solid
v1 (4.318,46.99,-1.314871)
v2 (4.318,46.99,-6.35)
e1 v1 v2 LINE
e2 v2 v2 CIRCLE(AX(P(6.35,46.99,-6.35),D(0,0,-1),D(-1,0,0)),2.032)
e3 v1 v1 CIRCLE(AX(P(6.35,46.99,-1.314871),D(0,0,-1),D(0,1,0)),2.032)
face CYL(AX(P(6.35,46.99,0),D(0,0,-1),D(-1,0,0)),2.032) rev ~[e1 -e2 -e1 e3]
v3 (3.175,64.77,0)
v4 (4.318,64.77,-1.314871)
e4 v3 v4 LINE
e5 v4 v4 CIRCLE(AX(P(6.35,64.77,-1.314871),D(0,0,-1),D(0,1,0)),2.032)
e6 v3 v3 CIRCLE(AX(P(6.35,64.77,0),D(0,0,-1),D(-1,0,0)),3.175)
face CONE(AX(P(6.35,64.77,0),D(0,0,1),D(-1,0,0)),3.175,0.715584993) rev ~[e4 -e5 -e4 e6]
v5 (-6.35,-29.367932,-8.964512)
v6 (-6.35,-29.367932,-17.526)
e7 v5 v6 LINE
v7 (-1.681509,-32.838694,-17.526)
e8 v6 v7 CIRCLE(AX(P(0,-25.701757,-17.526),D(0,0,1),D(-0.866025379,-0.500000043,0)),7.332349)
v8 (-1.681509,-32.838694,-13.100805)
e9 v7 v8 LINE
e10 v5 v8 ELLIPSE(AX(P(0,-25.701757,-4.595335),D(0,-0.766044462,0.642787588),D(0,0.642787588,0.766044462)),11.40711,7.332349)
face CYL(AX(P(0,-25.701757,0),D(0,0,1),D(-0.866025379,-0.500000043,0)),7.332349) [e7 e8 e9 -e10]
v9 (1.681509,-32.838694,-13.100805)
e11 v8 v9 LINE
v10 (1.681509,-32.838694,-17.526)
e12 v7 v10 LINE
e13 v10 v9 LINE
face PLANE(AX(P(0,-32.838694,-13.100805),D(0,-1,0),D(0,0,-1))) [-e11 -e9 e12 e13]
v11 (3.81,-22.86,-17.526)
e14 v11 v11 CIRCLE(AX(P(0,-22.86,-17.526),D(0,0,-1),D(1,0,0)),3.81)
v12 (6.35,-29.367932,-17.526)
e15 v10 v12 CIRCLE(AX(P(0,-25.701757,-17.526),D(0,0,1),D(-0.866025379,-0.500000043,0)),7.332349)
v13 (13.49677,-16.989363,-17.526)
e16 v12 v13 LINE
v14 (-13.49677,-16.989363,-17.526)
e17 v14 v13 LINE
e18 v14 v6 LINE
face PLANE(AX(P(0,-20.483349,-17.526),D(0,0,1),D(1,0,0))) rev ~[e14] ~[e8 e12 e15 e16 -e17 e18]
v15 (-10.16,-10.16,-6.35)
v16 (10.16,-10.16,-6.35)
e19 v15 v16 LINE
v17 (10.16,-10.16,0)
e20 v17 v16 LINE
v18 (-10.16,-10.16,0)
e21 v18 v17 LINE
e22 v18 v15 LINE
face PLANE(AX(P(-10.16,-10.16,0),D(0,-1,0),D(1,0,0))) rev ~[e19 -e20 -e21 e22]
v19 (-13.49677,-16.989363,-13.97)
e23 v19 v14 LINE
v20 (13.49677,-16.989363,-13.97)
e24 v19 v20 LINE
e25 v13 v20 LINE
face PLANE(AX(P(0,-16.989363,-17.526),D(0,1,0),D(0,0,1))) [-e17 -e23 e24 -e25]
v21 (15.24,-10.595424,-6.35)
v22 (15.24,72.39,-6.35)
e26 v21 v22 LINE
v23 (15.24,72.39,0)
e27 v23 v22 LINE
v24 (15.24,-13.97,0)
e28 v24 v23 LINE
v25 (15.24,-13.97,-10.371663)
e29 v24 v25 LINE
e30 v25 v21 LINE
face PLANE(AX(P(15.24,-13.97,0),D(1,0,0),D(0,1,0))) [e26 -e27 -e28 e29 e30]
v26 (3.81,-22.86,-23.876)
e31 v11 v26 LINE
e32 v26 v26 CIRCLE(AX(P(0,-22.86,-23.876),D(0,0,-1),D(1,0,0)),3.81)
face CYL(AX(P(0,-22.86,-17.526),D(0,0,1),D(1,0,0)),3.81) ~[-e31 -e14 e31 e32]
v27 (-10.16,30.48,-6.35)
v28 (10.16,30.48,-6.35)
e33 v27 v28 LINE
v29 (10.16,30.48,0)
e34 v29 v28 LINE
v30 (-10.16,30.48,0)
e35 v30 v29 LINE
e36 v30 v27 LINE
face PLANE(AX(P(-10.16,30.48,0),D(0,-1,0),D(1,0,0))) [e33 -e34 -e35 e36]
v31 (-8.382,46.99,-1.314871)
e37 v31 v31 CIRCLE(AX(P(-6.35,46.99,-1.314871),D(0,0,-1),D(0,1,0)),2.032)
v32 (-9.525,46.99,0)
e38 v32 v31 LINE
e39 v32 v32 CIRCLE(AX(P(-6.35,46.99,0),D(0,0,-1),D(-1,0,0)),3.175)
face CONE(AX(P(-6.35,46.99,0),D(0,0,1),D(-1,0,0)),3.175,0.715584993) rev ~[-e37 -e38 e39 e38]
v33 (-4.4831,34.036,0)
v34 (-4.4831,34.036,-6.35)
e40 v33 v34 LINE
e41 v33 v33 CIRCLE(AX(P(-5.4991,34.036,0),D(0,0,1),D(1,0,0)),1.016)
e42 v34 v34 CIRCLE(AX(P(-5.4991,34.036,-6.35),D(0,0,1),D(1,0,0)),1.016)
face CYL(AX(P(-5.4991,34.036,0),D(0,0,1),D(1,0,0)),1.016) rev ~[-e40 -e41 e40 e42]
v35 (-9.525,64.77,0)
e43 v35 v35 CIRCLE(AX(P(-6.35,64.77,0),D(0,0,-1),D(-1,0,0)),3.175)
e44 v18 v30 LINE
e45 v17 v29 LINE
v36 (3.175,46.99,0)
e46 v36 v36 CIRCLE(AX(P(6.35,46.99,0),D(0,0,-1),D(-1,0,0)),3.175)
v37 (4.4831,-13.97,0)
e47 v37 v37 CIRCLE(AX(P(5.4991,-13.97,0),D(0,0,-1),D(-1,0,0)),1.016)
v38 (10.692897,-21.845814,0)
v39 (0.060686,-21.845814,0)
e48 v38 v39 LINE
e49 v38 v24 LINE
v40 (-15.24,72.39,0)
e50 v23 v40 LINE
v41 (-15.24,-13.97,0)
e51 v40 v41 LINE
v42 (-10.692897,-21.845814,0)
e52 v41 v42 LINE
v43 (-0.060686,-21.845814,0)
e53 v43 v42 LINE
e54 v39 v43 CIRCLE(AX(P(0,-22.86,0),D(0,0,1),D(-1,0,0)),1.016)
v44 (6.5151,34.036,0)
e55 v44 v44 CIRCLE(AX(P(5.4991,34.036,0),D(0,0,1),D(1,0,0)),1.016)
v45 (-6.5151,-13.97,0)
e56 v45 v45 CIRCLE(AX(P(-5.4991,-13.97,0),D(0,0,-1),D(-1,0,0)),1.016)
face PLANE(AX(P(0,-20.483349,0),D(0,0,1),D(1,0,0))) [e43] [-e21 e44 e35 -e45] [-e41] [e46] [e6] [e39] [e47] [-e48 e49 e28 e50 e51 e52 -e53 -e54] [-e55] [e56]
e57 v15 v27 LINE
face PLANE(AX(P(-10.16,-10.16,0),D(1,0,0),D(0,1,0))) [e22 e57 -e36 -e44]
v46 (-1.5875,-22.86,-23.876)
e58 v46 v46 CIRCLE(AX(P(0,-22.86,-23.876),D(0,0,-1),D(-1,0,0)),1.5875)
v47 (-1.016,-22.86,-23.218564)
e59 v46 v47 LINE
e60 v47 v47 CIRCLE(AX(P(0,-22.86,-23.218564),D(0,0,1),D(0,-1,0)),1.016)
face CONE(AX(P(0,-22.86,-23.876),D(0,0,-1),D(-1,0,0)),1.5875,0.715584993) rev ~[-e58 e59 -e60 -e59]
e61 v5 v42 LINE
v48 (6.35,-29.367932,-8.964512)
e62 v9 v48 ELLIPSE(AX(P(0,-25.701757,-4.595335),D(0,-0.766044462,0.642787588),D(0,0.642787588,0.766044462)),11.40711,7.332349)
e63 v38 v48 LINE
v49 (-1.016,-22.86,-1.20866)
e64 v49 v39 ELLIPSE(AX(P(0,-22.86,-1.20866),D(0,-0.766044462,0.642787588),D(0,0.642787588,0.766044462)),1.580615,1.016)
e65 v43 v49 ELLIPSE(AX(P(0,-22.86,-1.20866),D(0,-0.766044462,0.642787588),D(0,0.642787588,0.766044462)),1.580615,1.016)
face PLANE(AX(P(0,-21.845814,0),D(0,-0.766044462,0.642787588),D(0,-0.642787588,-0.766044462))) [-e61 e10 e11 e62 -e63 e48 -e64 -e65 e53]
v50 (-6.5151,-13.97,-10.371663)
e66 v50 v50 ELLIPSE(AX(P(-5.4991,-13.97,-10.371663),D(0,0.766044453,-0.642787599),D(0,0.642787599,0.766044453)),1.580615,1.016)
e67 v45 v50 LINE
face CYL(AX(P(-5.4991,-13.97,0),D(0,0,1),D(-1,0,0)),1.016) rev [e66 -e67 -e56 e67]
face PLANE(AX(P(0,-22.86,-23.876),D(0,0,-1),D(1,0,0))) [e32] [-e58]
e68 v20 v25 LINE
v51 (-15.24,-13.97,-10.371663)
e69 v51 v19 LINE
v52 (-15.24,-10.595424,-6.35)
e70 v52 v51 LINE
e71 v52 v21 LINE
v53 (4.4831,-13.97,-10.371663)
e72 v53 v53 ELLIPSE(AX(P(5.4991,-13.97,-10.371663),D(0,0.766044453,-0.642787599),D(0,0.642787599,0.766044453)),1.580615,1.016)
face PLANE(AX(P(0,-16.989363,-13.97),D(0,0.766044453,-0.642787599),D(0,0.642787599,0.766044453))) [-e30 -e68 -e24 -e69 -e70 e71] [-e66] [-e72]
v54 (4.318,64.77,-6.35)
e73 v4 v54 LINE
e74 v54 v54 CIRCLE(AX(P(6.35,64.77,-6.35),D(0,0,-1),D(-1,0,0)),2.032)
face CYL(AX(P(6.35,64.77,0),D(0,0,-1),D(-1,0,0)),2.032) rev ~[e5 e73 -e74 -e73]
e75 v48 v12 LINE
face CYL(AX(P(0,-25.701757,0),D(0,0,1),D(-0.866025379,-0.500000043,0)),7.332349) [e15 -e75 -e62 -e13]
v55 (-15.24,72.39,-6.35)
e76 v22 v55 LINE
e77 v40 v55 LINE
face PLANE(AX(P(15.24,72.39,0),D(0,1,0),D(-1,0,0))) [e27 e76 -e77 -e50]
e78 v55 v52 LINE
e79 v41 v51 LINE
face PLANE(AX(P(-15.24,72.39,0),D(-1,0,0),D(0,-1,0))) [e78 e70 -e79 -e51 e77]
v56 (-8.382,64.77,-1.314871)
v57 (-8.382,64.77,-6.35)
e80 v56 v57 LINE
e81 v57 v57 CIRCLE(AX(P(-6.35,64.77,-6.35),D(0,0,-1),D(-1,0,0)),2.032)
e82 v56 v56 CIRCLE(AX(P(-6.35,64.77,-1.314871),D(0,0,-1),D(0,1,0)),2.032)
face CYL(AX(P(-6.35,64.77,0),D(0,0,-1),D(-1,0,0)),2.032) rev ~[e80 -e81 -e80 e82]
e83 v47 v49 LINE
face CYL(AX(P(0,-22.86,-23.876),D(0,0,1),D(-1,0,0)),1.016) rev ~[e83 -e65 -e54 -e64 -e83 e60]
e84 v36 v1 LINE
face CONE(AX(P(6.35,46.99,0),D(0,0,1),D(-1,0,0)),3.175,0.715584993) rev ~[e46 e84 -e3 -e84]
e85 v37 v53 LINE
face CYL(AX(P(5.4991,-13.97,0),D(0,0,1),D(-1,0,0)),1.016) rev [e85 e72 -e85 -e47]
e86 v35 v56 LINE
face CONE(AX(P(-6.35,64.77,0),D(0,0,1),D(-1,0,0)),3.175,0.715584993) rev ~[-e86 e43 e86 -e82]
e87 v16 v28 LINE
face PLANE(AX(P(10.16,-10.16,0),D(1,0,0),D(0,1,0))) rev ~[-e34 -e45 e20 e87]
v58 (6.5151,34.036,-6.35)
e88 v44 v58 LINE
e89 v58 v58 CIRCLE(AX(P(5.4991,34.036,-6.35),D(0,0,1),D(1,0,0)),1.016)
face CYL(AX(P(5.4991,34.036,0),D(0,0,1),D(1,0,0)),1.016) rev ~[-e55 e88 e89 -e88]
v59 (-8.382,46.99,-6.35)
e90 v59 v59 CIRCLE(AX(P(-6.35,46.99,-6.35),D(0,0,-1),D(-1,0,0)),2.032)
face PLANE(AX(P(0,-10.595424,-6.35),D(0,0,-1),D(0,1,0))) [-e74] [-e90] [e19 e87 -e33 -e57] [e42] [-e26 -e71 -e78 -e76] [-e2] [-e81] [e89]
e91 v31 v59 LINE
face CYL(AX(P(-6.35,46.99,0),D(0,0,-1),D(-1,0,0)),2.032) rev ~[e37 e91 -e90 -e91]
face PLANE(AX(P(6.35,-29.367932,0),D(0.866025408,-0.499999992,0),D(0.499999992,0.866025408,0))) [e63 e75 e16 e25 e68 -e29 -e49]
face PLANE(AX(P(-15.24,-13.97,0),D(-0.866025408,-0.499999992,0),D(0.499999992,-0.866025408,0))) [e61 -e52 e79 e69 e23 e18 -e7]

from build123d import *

# Parameters (mm, degrees)
F0_W           = 20.32
F0_H           = 40.64
F0_R           = 1.016
F0_W_2         = 15.24
F0_H_2         = 31.75
F2_DEPTH       = 17.526
F1_W           = 43.174938
F1_H           = 6.35
F3_DEPTH       = 127
F4_R           = 3.81
F5_DEPTH       = 6.35
F7_D           = 2.032
F7_CSINK_D     = 3.175
F7_CSINK_ANGLE = 82
F8_D           = 4.064
F8_CSINK_D     = 6.35
F8_CSINK_ANGLE = 82


with BuildPart() as f2:
    # F0 (on Top) → F2 (new body, through all)
    with BuildSketch(Plane.XY):
        with BuildLine():
            Line((6.35, -29.367932), (15.24, -13.97))
            Line((15.24, -13.97), (6.5151, -13.97))
            ThreePointArc((6.5151, -13.97), (5.4991, -14.986), (4.4831, -13.97))
            Line((4.4831, -13.97), (-4.4831, -13.97))
            ThreePointArc((-4.4831, -13.97), (-5.4991, -14.986), (-6.5151, -13.97))
            Line((-6.5151, -13.97), (-15.24, -13.97))
            Line((-15.24, -13.97), (-6.35, -29.367932))
            ThreePointArc((-6.35, -29.367932), (0, -33.034106), (6.35, -29.367932))
        make_face()
        with BuildLine():
            Line((6.5151, -13.97), (15.24, -13.97))
            Line((15.24, -13.97), (15.24, 40.64))
            Line((15.24, 40.64), (0, 40.64))
            Line((0, 40.64), (-15.24, 40.64))
            Line((-15.24, 40.64), (-15.24, -13.97))
            Line((-15.24, -13.97), (-6.5151, -13.97))
            ThreePointArc((-6.5151, -13.97), (-5.4991, -12.954), (-4.4831, -13.97))
            Line((-4.4831, -13.97), (4.4831, -13.97))
            ThreePointArc((4.4831, -13.97), (5.4991, -12.954), (6.5151, -13.97))
        make_face()
        with Locations((0, 10.16)):
            Rectangle(F0_W, F0_H, mode=Mode.SUBTRACT)
        with Locations((-5.4991, 34.036)):
            Circle(F0_R, mode=Mode.SUBTRACT)
        with Locations((5.4991, 34.036)):
            Circle(F0_R, mode=Mode.SUBTRACT)
        with Locations((7.62, 56.515)):
            Rectangle(F0_W_2, F0_H_2)
        with Locations((-7.62, 56.515)):
            Rectangle(F0_W_2, F0_H_2)
    extrude(amount=-F2_DEPTH)

    # F1 (on Right) → F3 (intersect, symmetric)
    with BuildSketch(Plane.YZ):
        Polygon((40.64, -6.35), (40.64, 0), (-21.845814, 0), (-32.838694, -13.100805), (-32.838694, -13.97), (-32.838694, -17.526), (-16.989363, -17.526), (-16.989363, -13.97), (-10.595424, -6.35), align=None)
        with Locations((62.227469, -3.175)):
            Rectangle(F1_W, F1_H)
    extrude(amount=F3_DEPTH, both=True, mode=Mode.INTERSECT)

    # F4 (on face) → F5 (join)
    with BuildSketch(Plane(origin=(0, 0, -17.526), x_dir=(1, 0, 0), z_dir=(0, 0, -1))):
        with Locations((0, 22.86)):
            Circle(F4_R)
    extrude(amount=F5_DEPTH)

    # F7 (through all)
    with Locations(Plane(origin=(0, 0, -23.876), x_dir=(1, 0, 0), z_dir=(0, 0, -1))):
        with Locations((0, 22.86)):
            CounterSinkHole(F7_D / 2, F7_CSINK_D / 2, counter_sink_angle=F7_CSINK_ANGLE)

    # F8 (through all)
    with Locations(Plane.XY):
        with Locations((6.35, 46.99), (-6.35, 46.99), (-6.35, 64.77), (6.35, 64.77)):
            CounterSinkHole(F8_D / 2, F8_CSINK_D / 2, counter_sink_angle=F8_CSINK_ANGLE)


solid = f2.part
